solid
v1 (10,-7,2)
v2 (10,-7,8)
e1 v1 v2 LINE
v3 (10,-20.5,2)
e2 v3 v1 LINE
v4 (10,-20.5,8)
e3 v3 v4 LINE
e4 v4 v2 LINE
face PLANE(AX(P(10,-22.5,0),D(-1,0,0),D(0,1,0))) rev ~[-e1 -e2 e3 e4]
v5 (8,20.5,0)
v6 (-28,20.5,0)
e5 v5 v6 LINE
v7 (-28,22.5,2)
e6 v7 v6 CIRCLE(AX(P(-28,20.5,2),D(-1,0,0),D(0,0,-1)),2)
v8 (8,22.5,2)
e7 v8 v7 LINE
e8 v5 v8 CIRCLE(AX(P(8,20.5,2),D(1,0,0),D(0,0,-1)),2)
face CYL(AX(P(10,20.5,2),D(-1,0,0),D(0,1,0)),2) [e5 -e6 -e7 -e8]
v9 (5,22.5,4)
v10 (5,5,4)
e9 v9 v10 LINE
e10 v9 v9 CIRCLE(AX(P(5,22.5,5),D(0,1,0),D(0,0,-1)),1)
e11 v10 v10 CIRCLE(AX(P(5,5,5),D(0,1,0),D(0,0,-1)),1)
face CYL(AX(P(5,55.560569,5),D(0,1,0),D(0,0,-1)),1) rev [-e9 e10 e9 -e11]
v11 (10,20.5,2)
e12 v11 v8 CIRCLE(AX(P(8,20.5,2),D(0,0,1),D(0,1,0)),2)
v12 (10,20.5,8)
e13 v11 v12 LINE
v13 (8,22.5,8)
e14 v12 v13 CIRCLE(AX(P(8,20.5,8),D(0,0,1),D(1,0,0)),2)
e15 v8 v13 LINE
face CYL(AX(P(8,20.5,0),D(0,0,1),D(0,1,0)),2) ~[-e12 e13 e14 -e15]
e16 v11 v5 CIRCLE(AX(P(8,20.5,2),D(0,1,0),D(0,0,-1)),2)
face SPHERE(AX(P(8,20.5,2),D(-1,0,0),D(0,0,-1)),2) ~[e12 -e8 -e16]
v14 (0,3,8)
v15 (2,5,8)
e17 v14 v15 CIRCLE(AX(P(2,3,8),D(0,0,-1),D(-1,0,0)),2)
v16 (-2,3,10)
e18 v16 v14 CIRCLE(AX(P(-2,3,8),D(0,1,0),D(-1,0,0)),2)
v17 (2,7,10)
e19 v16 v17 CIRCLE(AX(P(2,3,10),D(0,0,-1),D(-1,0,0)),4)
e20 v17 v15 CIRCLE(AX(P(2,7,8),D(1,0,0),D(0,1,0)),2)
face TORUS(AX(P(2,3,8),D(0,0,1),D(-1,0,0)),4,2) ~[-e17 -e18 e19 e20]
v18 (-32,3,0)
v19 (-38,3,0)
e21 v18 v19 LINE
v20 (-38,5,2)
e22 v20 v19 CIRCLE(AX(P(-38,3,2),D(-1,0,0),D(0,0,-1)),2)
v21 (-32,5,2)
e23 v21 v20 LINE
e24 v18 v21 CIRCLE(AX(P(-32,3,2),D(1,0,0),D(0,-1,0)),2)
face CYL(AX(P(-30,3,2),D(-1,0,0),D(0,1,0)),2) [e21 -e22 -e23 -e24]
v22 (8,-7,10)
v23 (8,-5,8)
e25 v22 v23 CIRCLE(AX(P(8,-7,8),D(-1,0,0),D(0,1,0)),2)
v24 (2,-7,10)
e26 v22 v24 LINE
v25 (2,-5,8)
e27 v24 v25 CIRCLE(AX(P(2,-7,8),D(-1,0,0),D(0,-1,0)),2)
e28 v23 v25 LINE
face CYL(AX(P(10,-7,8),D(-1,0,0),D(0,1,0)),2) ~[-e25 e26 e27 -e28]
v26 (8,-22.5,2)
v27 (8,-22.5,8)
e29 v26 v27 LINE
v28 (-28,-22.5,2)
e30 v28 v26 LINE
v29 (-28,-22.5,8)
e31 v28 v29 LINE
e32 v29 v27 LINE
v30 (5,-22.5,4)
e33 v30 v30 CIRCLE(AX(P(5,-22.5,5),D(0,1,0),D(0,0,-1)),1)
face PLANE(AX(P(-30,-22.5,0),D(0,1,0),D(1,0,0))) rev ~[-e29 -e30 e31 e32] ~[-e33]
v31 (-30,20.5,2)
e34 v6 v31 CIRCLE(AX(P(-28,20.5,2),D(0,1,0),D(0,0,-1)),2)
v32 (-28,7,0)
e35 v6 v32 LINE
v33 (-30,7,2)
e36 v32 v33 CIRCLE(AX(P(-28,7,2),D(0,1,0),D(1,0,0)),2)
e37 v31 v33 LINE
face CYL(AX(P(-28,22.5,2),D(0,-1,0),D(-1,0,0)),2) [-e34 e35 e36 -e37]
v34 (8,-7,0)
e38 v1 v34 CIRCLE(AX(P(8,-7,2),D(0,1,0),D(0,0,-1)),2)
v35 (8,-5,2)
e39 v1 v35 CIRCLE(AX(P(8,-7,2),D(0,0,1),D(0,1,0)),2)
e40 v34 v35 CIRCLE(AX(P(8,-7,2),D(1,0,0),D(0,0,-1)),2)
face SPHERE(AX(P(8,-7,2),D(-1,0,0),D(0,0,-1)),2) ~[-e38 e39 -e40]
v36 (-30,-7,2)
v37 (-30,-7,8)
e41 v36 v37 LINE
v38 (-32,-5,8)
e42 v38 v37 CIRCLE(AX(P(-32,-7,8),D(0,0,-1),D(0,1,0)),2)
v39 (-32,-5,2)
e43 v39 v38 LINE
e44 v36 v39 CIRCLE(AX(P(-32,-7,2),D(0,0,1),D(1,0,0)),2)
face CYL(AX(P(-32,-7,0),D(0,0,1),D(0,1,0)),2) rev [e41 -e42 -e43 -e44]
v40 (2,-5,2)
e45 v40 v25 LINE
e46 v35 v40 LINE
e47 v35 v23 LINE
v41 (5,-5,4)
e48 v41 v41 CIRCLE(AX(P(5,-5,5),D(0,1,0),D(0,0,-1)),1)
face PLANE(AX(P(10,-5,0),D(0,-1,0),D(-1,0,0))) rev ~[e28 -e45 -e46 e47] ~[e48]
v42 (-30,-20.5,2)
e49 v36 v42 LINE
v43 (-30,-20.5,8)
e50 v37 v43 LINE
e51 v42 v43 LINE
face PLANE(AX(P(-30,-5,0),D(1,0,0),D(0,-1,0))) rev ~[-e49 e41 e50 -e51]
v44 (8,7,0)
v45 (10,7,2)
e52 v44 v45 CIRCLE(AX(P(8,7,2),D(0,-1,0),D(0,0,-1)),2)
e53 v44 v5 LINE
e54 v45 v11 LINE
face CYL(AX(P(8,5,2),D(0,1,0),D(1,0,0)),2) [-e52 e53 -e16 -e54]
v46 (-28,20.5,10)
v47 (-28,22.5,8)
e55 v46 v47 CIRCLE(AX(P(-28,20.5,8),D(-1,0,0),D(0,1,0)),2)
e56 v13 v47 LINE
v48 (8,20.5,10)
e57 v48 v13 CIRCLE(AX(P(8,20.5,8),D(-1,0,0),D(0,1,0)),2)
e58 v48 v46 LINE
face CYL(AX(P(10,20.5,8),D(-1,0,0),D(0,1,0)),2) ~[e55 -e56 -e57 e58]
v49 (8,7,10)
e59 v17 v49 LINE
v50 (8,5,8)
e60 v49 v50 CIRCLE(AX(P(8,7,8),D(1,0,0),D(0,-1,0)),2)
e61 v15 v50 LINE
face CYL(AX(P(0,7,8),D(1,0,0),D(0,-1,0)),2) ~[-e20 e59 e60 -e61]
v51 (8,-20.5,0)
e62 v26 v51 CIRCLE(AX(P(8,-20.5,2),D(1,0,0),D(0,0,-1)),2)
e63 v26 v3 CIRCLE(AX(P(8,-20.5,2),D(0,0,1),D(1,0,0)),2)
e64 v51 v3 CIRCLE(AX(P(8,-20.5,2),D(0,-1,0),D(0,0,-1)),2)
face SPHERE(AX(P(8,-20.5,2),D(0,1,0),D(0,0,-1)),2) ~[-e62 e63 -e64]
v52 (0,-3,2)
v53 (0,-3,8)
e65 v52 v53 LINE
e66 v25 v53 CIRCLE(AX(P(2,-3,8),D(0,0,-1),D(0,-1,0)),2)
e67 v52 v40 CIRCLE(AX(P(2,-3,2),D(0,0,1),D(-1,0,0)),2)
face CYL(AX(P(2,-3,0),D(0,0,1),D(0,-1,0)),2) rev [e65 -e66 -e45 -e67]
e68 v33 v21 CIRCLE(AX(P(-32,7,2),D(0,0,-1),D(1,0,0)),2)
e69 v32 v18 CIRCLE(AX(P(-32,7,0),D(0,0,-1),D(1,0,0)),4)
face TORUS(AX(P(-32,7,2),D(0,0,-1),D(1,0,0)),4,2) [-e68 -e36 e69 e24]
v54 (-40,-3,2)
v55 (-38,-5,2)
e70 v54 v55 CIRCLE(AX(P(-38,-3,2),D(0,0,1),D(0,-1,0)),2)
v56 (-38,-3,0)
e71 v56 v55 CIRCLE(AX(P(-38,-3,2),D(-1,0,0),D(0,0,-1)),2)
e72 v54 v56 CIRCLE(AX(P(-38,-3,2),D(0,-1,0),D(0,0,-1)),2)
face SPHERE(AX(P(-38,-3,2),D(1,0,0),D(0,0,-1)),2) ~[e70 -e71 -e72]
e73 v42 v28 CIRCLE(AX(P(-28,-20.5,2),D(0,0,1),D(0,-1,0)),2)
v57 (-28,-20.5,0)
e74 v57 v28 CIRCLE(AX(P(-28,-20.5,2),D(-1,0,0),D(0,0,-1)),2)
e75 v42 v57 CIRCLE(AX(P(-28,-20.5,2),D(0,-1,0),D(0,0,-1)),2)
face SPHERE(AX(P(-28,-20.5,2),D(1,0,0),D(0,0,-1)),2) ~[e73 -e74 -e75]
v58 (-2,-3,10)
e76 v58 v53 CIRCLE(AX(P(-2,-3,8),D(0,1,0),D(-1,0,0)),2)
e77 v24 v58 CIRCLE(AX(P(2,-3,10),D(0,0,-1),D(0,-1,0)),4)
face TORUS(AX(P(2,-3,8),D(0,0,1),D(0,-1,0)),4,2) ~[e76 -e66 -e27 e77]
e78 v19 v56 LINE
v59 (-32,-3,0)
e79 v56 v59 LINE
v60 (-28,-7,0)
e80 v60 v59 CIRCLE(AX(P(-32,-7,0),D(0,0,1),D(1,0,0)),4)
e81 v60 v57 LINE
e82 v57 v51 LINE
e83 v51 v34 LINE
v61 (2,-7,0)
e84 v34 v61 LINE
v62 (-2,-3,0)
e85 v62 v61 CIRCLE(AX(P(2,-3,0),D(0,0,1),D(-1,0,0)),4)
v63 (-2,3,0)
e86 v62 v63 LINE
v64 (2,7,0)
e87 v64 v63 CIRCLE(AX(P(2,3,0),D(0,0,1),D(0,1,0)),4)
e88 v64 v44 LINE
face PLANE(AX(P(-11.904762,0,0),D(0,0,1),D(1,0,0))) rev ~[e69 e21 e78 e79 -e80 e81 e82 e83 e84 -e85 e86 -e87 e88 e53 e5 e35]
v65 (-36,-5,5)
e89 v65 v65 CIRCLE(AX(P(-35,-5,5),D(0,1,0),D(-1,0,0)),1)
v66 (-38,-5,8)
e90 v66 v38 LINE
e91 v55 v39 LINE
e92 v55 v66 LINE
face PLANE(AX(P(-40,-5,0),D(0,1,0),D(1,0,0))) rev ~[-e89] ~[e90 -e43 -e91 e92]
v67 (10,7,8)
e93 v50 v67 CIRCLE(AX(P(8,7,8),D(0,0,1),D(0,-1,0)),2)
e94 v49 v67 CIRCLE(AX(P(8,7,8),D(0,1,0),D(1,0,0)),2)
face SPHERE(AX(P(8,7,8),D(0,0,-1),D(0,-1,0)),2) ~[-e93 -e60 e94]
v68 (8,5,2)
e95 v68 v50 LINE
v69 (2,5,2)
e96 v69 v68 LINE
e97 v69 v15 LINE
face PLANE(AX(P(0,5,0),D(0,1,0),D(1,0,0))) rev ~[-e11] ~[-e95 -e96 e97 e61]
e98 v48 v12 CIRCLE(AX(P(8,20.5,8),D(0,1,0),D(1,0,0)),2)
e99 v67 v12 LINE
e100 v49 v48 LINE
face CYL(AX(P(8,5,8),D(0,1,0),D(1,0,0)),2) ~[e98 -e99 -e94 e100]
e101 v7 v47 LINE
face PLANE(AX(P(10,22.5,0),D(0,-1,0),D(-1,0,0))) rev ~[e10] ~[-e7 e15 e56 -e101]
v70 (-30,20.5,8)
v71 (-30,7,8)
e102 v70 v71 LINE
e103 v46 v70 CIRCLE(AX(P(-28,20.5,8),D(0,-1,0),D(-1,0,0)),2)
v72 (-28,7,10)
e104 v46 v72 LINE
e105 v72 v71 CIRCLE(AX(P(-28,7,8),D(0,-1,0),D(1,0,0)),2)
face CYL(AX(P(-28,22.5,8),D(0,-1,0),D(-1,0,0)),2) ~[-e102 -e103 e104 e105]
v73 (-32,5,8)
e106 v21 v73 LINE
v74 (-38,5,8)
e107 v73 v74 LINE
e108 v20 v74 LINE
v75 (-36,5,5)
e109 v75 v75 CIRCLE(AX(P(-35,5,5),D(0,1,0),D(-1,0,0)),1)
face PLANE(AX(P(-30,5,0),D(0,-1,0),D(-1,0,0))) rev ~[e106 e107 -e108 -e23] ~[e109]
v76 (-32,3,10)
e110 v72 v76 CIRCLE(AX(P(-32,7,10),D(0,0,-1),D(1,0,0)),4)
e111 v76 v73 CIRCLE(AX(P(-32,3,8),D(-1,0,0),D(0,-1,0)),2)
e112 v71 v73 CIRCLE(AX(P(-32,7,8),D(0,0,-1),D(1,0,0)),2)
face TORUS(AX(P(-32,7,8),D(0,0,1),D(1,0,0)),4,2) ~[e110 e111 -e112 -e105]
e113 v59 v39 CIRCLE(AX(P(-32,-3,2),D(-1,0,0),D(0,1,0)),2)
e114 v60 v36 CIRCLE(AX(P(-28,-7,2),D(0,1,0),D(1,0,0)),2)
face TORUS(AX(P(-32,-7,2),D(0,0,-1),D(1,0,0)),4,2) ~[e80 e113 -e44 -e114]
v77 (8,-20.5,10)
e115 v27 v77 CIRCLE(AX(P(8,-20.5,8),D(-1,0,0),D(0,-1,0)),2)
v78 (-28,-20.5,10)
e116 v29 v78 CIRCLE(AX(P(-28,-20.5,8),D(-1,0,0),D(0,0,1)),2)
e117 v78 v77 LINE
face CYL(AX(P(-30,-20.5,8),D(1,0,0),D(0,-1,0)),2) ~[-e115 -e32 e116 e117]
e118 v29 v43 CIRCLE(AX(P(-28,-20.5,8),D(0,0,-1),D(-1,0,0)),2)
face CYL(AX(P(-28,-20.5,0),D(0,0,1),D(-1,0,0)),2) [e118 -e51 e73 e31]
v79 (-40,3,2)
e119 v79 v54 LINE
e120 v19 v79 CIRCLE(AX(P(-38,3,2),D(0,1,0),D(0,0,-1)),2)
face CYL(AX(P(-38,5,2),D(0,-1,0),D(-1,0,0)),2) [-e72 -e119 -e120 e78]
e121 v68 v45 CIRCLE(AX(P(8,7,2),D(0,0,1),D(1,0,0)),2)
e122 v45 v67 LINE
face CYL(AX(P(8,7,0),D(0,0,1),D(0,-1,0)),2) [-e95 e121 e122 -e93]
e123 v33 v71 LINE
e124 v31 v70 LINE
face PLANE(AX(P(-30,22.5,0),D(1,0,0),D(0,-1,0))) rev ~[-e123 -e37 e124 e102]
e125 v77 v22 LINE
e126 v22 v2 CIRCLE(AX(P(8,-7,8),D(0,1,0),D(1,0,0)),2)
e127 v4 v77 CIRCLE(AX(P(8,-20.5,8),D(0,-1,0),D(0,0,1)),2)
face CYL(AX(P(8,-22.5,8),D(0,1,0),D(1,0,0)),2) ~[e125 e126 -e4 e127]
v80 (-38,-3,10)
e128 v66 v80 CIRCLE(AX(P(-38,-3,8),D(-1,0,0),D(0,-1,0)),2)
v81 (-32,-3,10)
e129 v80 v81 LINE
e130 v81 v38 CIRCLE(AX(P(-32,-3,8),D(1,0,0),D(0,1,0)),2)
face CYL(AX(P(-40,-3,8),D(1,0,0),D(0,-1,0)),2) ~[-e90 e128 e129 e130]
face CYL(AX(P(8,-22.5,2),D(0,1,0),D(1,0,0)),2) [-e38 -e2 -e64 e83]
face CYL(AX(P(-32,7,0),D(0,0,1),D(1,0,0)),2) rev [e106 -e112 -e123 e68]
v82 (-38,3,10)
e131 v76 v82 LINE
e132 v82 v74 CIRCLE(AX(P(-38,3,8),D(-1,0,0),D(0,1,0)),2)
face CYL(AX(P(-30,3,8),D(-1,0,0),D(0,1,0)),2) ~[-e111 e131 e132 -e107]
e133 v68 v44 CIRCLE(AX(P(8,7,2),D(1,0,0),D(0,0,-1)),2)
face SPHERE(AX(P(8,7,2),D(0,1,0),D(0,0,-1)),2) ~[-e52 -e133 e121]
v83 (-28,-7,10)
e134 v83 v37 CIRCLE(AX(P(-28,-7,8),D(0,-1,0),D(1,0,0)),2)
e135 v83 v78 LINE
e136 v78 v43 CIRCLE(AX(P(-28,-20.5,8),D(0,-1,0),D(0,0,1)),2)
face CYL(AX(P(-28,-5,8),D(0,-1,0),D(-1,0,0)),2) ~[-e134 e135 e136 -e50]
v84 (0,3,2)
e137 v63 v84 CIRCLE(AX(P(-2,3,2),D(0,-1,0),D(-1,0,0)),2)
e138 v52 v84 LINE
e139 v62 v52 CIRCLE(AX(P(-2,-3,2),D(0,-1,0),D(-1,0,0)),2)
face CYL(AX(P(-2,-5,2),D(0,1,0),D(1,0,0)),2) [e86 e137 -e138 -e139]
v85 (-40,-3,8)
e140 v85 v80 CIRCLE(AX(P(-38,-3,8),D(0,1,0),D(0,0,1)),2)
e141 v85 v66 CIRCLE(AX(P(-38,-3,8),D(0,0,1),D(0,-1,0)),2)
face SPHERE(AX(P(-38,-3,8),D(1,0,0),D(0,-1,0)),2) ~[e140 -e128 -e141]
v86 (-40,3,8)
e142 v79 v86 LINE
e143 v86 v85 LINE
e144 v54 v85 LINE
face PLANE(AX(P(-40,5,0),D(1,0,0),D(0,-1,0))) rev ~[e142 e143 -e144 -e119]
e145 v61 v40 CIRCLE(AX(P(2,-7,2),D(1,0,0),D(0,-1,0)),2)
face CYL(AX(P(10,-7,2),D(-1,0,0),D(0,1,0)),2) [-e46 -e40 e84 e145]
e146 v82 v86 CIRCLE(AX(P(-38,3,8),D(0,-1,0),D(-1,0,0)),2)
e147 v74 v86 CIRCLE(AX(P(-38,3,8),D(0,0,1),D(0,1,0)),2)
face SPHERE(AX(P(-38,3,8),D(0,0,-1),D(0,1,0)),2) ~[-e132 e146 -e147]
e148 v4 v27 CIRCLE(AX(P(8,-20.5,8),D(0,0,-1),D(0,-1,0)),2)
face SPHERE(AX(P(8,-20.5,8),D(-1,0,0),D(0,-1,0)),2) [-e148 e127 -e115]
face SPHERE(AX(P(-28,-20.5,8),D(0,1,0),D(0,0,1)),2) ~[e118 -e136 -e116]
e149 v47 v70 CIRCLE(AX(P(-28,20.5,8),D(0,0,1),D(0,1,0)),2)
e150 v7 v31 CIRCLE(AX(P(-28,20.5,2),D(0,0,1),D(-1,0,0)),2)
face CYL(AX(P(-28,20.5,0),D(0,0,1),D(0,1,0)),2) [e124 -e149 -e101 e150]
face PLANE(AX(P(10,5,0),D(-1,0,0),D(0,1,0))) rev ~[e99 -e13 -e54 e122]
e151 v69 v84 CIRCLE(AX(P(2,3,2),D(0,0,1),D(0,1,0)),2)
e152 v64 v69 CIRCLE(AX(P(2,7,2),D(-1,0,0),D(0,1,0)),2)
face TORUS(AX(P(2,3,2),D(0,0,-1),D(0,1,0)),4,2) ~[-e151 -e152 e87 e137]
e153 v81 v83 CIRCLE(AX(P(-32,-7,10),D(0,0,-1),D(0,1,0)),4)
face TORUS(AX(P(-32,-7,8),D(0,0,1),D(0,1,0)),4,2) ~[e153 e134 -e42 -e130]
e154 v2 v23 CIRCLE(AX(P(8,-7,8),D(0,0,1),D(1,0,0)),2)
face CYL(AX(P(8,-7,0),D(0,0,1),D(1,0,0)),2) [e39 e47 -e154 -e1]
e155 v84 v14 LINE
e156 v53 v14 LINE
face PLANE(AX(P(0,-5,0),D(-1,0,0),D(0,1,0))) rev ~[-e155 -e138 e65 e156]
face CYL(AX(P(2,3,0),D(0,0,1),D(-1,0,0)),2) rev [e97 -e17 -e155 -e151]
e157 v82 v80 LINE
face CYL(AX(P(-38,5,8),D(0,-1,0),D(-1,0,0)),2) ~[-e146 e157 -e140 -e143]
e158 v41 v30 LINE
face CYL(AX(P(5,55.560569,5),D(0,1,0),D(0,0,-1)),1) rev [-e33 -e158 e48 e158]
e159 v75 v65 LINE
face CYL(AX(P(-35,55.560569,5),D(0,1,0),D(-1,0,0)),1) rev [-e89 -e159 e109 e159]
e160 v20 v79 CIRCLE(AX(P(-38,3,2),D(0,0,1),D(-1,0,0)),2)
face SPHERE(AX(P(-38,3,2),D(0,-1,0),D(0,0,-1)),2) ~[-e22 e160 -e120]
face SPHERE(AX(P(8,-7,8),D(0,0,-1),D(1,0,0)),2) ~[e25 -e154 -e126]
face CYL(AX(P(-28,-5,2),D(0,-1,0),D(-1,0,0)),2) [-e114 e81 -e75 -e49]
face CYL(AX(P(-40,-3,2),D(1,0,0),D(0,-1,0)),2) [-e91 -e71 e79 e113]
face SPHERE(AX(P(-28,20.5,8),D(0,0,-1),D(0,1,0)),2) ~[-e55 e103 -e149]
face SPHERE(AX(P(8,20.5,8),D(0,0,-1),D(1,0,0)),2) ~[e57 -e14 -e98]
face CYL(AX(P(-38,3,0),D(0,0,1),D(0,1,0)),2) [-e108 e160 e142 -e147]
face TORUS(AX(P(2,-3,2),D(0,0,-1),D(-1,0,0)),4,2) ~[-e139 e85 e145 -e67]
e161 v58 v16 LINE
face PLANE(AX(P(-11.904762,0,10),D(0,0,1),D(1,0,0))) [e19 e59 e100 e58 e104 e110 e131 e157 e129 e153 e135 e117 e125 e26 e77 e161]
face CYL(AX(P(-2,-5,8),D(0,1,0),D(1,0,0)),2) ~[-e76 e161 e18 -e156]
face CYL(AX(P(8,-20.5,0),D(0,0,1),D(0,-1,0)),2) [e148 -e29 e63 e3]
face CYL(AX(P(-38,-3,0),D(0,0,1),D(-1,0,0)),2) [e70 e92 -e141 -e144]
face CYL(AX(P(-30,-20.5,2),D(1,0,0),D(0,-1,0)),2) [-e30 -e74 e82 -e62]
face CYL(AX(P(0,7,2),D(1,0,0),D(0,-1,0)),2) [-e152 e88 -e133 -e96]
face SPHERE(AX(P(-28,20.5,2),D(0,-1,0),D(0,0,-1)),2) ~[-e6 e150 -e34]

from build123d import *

# Parameters (mm, degrees)
BOSS_EXTRUDE1_DEPTH     = 10
FILLET1_R               = 2
CUT_EXTRUDE1_DEPTH      = 50.560569004
CUT_EXTRUDE1_DEPTH_BACK = 50.560569004
SKETCH2_R               = 1


with BuildPart() as part:
    # Sketch1 → Boss-Extrude1 (new body)
    with BuildSketch(Plane.XY):
        Polygon((10, 22.5), (-30, 22.5), (-30, 5), (-40, 5), (-40, -5), (-30, -5), (-30, -22.5), (10, -22.5), (10, -5), (0, -5), (0, 5), (10, 5), align=None)
    extrude(amount=BOSS_EXTRUDE1_DEPTH)

    # Fillet1
    fillet1_edges = [part.edges().sort_by_distance(p)[0] for p in [
        (-30, 13.75, 0),
        (-10, 22.5, 0),
        (-35, -5, 10),
        (10, 13.75, 0),
        (5, 5, 0),
        (0, 0, 0),
        (5, -5, 0),
        (10, -13.75, 0),
        (-10, -22.5, 0),
        (-30, -13.75, 0),
        (-35, -5, 0),
        (-40, 0, 0),
        (-35, 5, 0),
        (-30, -13.75, 10),
        (-30, 5, 5),
        (-30, 22.5, 5),
        (10, 22.5, 5),
        (-10, -22.5, 10),
        (10, 5, 5),
        (0, 5, 5),
        (0, -5, 5),
        (10, -5, 5),
        (10, -22.5, 5),
        (-30, -22.5, 5),
        (-30, -5, 5),
        (-40, -5, 5),
        (-40, 5, 5),
        (10, -13.75, 10),
        (5, -5, 10),
        (0, 0, 10),
        (5, 5, 10),
        (10, 13.75, 10),
        (-10, 22.5, 10),
        (-30, 13.75, 10),
        (-35, 5, 10),
        (-40, 0, 10),
    ]]
    fillet(fillet1_edges, radius=FILLET1_R)

    # Sketch2 → Cut-Extrude1 (cut, two sides: drawn at the far end of the back side and taken through both)
    with BuildSketch(Plane.XZ.offset(-5).offset(-CUT_EXTRUDE1_DEPTH_BACK)):
        with Locations(Location((5, 5, 0), (0, 0, 270))):
            Circle(SKETCH2_R)
        with Locations(Location((-35, 5, 0), (0, 0, 180))):
            Circle(SKETCH2_R)
    extrude(amount=CUT_EXTRUDE1_DEPTH + CUT_EXTRUDE1_DEPTH_BACK, mode=Mode.SUBTRACT)


solid = part.part
